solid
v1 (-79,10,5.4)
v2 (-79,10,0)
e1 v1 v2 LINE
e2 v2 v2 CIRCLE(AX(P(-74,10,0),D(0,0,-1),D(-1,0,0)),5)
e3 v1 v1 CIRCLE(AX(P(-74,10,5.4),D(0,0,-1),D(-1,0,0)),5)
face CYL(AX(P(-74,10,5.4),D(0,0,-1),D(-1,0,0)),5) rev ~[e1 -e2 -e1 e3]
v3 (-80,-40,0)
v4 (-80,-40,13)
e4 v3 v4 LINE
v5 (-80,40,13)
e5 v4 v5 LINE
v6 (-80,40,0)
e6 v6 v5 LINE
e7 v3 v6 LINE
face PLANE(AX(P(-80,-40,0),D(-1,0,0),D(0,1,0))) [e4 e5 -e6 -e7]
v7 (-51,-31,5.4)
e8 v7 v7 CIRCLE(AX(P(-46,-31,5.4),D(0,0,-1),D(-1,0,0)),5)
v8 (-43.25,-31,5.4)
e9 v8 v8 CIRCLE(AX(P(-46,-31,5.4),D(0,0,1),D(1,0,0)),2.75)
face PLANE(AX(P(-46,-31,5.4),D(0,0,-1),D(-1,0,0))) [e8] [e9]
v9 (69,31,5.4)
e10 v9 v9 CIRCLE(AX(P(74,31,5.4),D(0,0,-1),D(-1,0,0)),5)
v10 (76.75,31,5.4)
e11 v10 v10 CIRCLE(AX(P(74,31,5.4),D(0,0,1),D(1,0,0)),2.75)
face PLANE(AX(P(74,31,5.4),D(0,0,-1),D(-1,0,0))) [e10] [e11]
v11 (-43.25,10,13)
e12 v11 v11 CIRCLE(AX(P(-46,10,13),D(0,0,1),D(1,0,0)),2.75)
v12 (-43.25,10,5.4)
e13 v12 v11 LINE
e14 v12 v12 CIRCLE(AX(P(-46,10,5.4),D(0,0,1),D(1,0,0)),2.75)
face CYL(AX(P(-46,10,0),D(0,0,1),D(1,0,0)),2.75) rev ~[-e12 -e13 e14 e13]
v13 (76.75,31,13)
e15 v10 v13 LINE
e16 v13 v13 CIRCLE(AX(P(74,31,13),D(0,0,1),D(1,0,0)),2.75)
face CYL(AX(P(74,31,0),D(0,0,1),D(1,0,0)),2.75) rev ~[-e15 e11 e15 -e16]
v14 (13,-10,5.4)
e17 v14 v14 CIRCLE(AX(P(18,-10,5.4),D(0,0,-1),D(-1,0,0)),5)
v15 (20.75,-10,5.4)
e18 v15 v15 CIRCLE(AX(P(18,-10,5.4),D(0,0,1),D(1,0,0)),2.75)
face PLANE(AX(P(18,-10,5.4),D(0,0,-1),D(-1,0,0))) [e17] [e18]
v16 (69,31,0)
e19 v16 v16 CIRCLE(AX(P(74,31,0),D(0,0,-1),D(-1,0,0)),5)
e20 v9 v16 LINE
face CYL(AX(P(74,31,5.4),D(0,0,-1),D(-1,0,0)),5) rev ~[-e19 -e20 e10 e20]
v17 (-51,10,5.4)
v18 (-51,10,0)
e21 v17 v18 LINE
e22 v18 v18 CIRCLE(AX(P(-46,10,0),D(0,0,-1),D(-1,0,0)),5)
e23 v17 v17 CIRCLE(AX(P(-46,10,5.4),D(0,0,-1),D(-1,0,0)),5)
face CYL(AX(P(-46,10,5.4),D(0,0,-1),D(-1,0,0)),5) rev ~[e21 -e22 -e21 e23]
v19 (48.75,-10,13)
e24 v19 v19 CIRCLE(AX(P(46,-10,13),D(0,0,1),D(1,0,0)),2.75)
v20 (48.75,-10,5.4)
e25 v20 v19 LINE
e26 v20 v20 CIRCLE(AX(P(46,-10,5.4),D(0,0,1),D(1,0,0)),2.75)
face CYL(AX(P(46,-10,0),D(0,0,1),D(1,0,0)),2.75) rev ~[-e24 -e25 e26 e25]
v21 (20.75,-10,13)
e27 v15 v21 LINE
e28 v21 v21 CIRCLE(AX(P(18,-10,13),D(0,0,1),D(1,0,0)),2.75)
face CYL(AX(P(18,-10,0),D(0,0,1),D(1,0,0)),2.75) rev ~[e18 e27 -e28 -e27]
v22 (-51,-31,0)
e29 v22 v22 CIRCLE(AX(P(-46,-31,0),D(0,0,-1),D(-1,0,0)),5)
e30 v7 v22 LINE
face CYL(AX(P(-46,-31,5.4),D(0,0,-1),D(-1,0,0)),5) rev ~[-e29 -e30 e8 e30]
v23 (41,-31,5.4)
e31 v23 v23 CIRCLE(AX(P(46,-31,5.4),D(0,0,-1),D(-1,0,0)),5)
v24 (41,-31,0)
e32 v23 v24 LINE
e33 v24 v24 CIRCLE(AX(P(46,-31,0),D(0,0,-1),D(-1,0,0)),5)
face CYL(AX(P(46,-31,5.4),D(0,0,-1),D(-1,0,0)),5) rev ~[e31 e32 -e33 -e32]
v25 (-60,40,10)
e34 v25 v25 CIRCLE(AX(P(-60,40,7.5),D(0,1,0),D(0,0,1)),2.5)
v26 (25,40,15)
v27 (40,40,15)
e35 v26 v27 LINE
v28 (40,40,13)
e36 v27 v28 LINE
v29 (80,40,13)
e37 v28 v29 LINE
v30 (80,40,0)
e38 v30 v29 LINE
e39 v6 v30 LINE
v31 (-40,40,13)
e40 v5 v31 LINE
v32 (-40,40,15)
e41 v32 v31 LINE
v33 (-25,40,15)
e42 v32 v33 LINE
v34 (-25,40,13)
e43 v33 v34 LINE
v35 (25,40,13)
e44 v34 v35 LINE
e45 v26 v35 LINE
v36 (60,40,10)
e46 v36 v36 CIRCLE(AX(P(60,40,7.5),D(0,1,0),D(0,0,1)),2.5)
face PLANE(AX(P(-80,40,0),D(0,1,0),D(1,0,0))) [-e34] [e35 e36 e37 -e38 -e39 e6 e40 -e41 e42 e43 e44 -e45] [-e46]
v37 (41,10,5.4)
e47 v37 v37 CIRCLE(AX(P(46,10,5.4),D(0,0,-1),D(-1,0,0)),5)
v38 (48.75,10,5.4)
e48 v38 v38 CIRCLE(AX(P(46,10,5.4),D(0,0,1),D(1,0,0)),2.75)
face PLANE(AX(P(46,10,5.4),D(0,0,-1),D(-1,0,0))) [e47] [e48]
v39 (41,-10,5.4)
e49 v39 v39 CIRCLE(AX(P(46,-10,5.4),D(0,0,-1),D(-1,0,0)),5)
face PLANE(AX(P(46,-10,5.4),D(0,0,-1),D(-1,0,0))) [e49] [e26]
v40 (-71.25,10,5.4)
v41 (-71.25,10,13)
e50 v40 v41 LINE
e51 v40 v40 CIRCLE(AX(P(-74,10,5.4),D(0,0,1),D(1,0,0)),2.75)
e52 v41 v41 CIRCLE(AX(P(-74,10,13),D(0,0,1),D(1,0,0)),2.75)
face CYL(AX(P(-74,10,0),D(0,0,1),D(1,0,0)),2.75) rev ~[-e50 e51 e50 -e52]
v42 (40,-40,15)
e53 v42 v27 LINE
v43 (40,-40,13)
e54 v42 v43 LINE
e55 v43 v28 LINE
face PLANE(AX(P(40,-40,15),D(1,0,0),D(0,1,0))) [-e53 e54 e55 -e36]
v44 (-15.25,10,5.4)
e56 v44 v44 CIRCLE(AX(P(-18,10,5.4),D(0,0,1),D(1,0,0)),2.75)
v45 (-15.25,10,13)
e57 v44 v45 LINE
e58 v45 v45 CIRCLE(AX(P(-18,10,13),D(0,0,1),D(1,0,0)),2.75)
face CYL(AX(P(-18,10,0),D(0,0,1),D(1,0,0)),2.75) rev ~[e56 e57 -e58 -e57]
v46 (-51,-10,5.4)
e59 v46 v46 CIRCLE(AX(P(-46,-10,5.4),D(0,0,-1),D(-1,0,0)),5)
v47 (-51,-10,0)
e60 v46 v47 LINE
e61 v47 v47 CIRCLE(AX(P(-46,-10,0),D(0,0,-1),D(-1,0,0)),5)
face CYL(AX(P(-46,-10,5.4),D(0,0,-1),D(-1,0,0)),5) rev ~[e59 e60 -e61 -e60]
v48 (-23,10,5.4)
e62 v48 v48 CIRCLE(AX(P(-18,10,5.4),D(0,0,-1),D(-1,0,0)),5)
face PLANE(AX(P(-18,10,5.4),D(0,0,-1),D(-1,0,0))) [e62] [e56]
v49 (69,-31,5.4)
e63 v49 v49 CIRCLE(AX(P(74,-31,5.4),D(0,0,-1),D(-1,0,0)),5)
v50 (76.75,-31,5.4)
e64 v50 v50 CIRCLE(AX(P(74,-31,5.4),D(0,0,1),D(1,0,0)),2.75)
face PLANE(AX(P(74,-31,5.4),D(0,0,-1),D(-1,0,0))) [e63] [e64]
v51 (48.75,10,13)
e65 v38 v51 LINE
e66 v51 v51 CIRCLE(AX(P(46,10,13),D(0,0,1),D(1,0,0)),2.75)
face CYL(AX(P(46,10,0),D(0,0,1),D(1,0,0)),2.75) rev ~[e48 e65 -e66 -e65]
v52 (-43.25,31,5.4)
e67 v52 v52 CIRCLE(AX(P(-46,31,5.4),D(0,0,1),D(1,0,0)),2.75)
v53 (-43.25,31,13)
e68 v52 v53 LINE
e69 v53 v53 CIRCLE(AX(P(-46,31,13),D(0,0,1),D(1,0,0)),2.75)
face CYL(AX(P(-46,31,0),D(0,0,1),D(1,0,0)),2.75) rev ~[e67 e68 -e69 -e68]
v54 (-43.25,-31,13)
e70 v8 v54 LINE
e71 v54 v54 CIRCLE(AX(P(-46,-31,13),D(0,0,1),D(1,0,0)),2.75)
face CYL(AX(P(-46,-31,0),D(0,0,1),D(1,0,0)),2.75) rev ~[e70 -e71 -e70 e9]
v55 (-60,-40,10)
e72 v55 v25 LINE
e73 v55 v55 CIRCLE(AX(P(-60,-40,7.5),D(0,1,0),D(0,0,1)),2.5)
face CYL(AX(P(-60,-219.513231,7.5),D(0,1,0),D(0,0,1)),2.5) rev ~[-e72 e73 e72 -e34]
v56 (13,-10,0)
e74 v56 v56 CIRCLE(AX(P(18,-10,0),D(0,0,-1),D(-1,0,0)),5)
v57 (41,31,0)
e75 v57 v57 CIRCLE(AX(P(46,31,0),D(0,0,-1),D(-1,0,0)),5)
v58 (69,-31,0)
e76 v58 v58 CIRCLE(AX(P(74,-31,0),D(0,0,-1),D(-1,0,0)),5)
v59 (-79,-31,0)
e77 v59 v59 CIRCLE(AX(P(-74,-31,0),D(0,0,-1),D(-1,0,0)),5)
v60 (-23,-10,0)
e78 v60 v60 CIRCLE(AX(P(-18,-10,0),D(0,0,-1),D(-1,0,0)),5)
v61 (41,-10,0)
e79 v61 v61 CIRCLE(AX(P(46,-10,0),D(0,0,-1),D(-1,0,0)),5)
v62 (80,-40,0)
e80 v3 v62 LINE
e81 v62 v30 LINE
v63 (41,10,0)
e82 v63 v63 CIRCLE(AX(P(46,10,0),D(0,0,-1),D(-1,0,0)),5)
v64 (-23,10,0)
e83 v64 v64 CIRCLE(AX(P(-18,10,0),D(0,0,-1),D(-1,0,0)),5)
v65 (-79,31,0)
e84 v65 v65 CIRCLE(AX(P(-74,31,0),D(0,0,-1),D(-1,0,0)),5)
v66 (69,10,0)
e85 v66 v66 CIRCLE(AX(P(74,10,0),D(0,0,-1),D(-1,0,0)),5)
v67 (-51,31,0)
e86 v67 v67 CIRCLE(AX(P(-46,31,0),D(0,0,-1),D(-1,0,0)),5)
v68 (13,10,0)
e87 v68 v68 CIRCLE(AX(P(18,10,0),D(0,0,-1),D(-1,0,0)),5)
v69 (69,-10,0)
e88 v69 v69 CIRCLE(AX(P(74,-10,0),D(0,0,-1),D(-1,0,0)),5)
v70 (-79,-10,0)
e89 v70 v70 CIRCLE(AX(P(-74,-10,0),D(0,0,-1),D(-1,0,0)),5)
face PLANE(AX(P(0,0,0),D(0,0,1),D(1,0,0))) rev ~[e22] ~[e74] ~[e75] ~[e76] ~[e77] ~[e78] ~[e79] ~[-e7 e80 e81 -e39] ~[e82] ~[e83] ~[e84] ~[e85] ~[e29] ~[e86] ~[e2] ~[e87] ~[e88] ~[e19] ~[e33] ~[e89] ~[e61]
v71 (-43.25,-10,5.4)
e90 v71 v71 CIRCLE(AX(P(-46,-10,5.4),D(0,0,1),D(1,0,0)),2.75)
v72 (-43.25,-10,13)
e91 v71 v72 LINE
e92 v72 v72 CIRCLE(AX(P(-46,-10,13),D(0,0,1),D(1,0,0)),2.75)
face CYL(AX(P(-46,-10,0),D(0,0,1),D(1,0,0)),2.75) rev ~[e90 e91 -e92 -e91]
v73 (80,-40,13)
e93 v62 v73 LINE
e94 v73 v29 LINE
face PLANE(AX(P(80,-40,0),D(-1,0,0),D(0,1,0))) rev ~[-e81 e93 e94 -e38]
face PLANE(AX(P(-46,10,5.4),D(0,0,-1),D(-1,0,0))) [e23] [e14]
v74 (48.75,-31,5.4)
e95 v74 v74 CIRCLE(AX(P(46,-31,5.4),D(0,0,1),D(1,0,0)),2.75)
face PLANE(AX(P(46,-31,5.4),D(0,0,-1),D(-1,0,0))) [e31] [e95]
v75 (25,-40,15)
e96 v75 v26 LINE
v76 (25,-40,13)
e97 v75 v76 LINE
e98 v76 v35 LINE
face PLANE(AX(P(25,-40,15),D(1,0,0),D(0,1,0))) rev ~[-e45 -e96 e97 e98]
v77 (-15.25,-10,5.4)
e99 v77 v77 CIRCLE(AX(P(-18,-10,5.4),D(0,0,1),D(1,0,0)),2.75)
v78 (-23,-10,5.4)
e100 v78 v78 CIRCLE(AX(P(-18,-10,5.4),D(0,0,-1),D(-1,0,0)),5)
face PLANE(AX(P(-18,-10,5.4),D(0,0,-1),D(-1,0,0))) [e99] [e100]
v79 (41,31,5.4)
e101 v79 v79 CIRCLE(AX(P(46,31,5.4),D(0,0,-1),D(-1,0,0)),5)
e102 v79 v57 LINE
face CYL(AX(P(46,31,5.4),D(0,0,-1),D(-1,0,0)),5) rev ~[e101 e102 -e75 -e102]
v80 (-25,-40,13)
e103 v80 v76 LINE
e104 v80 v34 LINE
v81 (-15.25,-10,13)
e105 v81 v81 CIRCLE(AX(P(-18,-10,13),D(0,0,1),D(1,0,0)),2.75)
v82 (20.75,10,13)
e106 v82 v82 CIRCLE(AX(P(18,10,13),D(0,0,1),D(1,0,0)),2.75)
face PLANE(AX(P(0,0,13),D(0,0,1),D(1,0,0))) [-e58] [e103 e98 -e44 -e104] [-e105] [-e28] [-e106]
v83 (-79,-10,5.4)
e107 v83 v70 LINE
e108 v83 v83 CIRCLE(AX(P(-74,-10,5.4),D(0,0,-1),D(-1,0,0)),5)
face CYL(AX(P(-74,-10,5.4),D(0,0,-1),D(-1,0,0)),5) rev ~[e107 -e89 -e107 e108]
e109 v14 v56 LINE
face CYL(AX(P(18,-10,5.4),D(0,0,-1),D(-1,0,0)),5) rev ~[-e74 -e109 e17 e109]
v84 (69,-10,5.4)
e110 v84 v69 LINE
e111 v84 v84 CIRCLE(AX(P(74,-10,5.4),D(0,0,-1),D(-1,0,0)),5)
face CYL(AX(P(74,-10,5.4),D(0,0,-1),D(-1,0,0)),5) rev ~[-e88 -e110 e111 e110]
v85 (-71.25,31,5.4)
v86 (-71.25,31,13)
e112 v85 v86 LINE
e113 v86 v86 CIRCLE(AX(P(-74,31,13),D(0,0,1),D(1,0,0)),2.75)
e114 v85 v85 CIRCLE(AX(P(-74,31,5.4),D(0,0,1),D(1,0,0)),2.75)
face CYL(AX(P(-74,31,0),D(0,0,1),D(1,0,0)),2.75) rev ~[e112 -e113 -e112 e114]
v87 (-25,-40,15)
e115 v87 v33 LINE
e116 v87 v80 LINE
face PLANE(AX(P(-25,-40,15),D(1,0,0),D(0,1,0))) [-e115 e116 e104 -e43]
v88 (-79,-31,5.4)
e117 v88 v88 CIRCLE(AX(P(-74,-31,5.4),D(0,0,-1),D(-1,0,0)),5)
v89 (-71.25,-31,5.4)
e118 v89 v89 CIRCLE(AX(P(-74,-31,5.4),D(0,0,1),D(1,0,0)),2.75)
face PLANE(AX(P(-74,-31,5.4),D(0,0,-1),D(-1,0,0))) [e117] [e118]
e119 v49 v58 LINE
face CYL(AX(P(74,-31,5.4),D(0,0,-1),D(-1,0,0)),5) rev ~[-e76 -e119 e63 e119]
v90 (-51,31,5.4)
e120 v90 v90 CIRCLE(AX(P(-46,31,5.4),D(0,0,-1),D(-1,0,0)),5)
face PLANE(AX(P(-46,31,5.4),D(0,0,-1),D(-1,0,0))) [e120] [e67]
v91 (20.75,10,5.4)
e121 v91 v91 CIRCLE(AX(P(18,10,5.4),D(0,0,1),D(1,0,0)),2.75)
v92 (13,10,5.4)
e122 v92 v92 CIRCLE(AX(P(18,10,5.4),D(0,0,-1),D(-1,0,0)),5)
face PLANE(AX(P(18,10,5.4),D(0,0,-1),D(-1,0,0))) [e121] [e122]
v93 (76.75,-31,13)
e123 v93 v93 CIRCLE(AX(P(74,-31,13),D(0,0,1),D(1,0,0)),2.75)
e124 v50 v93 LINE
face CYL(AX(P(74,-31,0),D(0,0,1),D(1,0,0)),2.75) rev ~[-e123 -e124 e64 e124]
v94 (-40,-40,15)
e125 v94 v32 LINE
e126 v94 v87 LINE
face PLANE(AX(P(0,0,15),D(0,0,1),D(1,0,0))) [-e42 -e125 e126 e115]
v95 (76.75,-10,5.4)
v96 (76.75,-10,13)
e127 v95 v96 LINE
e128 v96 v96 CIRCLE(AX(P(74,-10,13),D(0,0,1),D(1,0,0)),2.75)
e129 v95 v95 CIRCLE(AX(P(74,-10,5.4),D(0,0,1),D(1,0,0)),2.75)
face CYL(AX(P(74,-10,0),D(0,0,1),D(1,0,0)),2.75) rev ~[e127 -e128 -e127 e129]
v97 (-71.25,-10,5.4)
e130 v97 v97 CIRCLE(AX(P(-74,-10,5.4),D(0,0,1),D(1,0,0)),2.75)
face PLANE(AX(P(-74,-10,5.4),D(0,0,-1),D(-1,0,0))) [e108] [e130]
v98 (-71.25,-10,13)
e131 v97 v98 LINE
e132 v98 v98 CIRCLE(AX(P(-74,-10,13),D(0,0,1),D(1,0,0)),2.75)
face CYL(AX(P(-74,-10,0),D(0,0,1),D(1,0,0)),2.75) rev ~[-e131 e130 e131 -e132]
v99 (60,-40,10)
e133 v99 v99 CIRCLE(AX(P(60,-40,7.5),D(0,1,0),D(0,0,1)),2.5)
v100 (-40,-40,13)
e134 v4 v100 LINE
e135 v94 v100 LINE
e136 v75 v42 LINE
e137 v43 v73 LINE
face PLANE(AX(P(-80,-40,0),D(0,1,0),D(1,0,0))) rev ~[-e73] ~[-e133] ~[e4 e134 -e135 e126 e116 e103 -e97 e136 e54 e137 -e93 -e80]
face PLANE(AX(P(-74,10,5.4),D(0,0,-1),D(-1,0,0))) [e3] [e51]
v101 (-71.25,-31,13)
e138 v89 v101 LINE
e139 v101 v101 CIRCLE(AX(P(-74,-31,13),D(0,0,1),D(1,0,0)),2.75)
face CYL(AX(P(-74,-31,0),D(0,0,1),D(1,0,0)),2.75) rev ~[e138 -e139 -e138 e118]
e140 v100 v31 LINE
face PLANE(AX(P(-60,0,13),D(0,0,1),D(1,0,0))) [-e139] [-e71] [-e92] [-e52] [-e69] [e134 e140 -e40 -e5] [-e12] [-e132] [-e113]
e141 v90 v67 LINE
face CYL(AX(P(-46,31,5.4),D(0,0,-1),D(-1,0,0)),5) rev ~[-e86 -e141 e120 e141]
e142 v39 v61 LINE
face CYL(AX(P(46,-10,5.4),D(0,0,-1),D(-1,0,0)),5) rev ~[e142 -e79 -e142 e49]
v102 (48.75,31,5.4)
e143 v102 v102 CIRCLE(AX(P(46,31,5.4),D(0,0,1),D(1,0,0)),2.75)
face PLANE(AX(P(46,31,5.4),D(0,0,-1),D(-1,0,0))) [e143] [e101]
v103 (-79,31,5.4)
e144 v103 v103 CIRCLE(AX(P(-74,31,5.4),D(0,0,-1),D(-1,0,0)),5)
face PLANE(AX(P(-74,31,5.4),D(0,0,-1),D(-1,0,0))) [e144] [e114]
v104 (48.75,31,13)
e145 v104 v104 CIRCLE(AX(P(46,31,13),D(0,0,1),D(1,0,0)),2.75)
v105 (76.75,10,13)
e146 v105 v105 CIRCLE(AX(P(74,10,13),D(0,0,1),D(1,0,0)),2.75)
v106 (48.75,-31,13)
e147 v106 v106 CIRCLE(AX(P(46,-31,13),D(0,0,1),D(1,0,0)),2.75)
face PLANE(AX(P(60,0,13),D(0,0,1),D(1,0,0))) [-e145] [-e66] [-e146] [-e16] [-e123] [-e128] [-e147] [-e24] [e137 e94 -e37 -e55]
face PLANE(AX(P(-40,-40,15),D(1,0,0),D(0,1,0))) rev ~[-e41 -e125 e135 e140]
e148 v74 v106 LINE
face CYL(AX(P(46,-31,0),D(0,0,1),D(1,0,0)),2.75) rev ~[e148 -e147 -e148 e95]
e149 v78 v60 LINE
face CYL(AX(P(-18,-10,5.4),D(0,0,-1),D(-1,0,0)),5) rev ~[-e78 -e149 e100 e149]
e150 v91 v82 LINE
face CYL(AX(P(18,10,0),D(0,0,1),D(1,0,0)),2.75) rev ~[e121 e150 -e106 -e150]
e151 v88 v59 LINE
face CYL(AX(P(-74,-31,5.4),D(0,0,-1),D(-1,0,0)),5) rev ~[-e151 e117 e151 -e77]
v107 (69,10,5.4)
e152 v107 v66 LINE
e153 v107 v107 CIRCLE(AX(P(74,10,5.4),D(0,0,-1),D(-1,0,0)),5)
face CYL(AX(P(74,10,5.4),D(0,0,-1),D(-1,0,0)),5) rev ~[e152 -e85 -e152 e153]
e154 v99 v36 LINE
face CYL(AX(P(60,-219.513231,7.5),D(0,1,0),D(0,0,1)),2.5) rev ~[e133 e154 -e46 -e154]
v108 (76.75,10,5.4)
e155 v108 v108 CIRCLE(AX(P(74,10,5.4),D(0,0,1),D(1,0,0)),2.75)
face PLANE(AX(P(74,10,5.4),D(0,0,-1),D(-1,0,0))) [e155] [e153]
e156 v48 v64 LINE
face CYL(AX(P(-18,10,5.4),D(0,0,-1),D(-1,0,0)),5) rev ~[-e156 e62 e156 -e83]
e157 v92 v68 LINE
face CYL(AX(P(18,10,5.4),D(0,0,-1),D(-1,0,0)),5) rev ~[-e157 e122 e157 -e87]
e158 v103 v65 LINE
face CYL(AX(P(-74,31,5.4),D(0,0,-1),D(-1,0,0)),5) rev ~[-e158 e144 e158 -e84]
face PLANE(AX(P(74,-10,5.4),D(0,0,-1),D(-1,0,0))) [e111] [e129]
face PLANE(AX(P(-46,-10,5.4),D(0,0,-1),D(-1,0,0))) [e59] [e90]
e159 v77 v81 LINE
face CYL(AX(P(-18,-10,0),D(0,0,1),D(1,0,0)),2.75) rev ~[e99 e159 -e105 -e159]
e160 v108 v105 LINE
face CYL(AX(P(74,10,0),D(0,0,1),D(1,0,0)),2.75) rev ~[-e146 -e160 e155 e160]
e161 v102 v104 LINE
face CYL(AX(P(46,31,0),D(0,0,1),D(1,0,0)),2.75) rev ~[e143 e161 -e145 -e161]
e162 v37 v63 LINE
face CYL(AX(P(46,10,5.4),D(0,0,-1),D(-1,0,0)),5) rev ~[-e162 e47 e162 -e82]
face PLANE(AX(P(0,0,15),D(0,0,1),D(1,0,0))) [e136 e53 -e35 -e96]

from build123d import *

# Parameters (mm, degrees)
SKETCH1_W                                           = 160
SKETCH1_H                                           = 80
BOSS_EXTRUDE1_DEPTH                                 = 15
CBORE_FOR_M5_HEX_SOCKET_HEAD_CAP_SCREW1_D           = 5.5
CBORE_FOR_M5_HEX_SOCKET_HEAD_CAP_SCREW1_CBORE_D     = 10
CBORE_FOR_M5_HEX_SOCKET_HEAD_CAP_SCREW1_CBORE_DEPTH = 5.4
M6_TAPPED_HOLE1_D                                   = 5
SKETCH15_W                                          = 40
SKETCH15_H                                          = 80
SKETCH15_W_2                                        = 50
CUT_EXTRUDE1_DEPTH                                  = 2


with BuildPart() as part:
    # Sketch1 → Boss-Extrude1 (new body)
    with BuildSketch(Plane.XY):
        Rectangle(SKETCH1_W, SKETCH1_H)
    extrude(amount=BOSS_EXTRUDE1_DEPTH)

    # CBORE for M5 Hex Socket Head Cap Screw1 (through all)
    with Locations(Plane(origin=(74, 31, 0), x_dir=(-1, 0, 0), z_dir=(0, 0, -1))):
        with Locations((0, 0), (28, 0), (0, -21), (28, -21), (0, -41), (0, -62), (28, -41), (28, -62), (56, -41), (56, -21), (92, -21), (92, -41), (120, 0), (120, -21), (148, 0), (148, -21), (120, -41), (120, -62), (148, -41), (148, -62)):
            CounterBoreHole(CBORE_FOR_M5_HEX_SOCKET_HEAD_CAP_SCREW1_D / 2, CBORE_FOR_M5_HEX_SOCKET_HEAD_CAP_SCREW1_CBORE_D / 2, CBORE_FOR_M5_HEX_SOCKET_HEAD_CAP_SCREW1_CBORE_DEPTH)

    # M6 Tapped Hole1 (through all)
    with Locations(Plane(origin=(-60, -40, 7.5), x_dir=(0, 0, -1), z_dir=(0, -1, 0))):
        with Locations((0, 0), (0, 120)):
            Hole(M6_TAPPED_HOLE1_D / 2)

    # Sketch15 → Cut-Extrude1 (cut)
    with BuildSketch(Plane.XY.offset(15)):
        with Locations((-60, 0)):
            Rectangle(SKETCH15_W, SKETCH15_H)
        with Locations((60, 0)):
            Rectangle(SKETCH15_W, SKETCH15_H)
        Rectangle(SKETCH15_W_2, SKETCH15_H)
    extrude(amount=-CUT_EXTRUDE1_DEPTH, mode=Mode.SUBTRACT)


solid = part.part
